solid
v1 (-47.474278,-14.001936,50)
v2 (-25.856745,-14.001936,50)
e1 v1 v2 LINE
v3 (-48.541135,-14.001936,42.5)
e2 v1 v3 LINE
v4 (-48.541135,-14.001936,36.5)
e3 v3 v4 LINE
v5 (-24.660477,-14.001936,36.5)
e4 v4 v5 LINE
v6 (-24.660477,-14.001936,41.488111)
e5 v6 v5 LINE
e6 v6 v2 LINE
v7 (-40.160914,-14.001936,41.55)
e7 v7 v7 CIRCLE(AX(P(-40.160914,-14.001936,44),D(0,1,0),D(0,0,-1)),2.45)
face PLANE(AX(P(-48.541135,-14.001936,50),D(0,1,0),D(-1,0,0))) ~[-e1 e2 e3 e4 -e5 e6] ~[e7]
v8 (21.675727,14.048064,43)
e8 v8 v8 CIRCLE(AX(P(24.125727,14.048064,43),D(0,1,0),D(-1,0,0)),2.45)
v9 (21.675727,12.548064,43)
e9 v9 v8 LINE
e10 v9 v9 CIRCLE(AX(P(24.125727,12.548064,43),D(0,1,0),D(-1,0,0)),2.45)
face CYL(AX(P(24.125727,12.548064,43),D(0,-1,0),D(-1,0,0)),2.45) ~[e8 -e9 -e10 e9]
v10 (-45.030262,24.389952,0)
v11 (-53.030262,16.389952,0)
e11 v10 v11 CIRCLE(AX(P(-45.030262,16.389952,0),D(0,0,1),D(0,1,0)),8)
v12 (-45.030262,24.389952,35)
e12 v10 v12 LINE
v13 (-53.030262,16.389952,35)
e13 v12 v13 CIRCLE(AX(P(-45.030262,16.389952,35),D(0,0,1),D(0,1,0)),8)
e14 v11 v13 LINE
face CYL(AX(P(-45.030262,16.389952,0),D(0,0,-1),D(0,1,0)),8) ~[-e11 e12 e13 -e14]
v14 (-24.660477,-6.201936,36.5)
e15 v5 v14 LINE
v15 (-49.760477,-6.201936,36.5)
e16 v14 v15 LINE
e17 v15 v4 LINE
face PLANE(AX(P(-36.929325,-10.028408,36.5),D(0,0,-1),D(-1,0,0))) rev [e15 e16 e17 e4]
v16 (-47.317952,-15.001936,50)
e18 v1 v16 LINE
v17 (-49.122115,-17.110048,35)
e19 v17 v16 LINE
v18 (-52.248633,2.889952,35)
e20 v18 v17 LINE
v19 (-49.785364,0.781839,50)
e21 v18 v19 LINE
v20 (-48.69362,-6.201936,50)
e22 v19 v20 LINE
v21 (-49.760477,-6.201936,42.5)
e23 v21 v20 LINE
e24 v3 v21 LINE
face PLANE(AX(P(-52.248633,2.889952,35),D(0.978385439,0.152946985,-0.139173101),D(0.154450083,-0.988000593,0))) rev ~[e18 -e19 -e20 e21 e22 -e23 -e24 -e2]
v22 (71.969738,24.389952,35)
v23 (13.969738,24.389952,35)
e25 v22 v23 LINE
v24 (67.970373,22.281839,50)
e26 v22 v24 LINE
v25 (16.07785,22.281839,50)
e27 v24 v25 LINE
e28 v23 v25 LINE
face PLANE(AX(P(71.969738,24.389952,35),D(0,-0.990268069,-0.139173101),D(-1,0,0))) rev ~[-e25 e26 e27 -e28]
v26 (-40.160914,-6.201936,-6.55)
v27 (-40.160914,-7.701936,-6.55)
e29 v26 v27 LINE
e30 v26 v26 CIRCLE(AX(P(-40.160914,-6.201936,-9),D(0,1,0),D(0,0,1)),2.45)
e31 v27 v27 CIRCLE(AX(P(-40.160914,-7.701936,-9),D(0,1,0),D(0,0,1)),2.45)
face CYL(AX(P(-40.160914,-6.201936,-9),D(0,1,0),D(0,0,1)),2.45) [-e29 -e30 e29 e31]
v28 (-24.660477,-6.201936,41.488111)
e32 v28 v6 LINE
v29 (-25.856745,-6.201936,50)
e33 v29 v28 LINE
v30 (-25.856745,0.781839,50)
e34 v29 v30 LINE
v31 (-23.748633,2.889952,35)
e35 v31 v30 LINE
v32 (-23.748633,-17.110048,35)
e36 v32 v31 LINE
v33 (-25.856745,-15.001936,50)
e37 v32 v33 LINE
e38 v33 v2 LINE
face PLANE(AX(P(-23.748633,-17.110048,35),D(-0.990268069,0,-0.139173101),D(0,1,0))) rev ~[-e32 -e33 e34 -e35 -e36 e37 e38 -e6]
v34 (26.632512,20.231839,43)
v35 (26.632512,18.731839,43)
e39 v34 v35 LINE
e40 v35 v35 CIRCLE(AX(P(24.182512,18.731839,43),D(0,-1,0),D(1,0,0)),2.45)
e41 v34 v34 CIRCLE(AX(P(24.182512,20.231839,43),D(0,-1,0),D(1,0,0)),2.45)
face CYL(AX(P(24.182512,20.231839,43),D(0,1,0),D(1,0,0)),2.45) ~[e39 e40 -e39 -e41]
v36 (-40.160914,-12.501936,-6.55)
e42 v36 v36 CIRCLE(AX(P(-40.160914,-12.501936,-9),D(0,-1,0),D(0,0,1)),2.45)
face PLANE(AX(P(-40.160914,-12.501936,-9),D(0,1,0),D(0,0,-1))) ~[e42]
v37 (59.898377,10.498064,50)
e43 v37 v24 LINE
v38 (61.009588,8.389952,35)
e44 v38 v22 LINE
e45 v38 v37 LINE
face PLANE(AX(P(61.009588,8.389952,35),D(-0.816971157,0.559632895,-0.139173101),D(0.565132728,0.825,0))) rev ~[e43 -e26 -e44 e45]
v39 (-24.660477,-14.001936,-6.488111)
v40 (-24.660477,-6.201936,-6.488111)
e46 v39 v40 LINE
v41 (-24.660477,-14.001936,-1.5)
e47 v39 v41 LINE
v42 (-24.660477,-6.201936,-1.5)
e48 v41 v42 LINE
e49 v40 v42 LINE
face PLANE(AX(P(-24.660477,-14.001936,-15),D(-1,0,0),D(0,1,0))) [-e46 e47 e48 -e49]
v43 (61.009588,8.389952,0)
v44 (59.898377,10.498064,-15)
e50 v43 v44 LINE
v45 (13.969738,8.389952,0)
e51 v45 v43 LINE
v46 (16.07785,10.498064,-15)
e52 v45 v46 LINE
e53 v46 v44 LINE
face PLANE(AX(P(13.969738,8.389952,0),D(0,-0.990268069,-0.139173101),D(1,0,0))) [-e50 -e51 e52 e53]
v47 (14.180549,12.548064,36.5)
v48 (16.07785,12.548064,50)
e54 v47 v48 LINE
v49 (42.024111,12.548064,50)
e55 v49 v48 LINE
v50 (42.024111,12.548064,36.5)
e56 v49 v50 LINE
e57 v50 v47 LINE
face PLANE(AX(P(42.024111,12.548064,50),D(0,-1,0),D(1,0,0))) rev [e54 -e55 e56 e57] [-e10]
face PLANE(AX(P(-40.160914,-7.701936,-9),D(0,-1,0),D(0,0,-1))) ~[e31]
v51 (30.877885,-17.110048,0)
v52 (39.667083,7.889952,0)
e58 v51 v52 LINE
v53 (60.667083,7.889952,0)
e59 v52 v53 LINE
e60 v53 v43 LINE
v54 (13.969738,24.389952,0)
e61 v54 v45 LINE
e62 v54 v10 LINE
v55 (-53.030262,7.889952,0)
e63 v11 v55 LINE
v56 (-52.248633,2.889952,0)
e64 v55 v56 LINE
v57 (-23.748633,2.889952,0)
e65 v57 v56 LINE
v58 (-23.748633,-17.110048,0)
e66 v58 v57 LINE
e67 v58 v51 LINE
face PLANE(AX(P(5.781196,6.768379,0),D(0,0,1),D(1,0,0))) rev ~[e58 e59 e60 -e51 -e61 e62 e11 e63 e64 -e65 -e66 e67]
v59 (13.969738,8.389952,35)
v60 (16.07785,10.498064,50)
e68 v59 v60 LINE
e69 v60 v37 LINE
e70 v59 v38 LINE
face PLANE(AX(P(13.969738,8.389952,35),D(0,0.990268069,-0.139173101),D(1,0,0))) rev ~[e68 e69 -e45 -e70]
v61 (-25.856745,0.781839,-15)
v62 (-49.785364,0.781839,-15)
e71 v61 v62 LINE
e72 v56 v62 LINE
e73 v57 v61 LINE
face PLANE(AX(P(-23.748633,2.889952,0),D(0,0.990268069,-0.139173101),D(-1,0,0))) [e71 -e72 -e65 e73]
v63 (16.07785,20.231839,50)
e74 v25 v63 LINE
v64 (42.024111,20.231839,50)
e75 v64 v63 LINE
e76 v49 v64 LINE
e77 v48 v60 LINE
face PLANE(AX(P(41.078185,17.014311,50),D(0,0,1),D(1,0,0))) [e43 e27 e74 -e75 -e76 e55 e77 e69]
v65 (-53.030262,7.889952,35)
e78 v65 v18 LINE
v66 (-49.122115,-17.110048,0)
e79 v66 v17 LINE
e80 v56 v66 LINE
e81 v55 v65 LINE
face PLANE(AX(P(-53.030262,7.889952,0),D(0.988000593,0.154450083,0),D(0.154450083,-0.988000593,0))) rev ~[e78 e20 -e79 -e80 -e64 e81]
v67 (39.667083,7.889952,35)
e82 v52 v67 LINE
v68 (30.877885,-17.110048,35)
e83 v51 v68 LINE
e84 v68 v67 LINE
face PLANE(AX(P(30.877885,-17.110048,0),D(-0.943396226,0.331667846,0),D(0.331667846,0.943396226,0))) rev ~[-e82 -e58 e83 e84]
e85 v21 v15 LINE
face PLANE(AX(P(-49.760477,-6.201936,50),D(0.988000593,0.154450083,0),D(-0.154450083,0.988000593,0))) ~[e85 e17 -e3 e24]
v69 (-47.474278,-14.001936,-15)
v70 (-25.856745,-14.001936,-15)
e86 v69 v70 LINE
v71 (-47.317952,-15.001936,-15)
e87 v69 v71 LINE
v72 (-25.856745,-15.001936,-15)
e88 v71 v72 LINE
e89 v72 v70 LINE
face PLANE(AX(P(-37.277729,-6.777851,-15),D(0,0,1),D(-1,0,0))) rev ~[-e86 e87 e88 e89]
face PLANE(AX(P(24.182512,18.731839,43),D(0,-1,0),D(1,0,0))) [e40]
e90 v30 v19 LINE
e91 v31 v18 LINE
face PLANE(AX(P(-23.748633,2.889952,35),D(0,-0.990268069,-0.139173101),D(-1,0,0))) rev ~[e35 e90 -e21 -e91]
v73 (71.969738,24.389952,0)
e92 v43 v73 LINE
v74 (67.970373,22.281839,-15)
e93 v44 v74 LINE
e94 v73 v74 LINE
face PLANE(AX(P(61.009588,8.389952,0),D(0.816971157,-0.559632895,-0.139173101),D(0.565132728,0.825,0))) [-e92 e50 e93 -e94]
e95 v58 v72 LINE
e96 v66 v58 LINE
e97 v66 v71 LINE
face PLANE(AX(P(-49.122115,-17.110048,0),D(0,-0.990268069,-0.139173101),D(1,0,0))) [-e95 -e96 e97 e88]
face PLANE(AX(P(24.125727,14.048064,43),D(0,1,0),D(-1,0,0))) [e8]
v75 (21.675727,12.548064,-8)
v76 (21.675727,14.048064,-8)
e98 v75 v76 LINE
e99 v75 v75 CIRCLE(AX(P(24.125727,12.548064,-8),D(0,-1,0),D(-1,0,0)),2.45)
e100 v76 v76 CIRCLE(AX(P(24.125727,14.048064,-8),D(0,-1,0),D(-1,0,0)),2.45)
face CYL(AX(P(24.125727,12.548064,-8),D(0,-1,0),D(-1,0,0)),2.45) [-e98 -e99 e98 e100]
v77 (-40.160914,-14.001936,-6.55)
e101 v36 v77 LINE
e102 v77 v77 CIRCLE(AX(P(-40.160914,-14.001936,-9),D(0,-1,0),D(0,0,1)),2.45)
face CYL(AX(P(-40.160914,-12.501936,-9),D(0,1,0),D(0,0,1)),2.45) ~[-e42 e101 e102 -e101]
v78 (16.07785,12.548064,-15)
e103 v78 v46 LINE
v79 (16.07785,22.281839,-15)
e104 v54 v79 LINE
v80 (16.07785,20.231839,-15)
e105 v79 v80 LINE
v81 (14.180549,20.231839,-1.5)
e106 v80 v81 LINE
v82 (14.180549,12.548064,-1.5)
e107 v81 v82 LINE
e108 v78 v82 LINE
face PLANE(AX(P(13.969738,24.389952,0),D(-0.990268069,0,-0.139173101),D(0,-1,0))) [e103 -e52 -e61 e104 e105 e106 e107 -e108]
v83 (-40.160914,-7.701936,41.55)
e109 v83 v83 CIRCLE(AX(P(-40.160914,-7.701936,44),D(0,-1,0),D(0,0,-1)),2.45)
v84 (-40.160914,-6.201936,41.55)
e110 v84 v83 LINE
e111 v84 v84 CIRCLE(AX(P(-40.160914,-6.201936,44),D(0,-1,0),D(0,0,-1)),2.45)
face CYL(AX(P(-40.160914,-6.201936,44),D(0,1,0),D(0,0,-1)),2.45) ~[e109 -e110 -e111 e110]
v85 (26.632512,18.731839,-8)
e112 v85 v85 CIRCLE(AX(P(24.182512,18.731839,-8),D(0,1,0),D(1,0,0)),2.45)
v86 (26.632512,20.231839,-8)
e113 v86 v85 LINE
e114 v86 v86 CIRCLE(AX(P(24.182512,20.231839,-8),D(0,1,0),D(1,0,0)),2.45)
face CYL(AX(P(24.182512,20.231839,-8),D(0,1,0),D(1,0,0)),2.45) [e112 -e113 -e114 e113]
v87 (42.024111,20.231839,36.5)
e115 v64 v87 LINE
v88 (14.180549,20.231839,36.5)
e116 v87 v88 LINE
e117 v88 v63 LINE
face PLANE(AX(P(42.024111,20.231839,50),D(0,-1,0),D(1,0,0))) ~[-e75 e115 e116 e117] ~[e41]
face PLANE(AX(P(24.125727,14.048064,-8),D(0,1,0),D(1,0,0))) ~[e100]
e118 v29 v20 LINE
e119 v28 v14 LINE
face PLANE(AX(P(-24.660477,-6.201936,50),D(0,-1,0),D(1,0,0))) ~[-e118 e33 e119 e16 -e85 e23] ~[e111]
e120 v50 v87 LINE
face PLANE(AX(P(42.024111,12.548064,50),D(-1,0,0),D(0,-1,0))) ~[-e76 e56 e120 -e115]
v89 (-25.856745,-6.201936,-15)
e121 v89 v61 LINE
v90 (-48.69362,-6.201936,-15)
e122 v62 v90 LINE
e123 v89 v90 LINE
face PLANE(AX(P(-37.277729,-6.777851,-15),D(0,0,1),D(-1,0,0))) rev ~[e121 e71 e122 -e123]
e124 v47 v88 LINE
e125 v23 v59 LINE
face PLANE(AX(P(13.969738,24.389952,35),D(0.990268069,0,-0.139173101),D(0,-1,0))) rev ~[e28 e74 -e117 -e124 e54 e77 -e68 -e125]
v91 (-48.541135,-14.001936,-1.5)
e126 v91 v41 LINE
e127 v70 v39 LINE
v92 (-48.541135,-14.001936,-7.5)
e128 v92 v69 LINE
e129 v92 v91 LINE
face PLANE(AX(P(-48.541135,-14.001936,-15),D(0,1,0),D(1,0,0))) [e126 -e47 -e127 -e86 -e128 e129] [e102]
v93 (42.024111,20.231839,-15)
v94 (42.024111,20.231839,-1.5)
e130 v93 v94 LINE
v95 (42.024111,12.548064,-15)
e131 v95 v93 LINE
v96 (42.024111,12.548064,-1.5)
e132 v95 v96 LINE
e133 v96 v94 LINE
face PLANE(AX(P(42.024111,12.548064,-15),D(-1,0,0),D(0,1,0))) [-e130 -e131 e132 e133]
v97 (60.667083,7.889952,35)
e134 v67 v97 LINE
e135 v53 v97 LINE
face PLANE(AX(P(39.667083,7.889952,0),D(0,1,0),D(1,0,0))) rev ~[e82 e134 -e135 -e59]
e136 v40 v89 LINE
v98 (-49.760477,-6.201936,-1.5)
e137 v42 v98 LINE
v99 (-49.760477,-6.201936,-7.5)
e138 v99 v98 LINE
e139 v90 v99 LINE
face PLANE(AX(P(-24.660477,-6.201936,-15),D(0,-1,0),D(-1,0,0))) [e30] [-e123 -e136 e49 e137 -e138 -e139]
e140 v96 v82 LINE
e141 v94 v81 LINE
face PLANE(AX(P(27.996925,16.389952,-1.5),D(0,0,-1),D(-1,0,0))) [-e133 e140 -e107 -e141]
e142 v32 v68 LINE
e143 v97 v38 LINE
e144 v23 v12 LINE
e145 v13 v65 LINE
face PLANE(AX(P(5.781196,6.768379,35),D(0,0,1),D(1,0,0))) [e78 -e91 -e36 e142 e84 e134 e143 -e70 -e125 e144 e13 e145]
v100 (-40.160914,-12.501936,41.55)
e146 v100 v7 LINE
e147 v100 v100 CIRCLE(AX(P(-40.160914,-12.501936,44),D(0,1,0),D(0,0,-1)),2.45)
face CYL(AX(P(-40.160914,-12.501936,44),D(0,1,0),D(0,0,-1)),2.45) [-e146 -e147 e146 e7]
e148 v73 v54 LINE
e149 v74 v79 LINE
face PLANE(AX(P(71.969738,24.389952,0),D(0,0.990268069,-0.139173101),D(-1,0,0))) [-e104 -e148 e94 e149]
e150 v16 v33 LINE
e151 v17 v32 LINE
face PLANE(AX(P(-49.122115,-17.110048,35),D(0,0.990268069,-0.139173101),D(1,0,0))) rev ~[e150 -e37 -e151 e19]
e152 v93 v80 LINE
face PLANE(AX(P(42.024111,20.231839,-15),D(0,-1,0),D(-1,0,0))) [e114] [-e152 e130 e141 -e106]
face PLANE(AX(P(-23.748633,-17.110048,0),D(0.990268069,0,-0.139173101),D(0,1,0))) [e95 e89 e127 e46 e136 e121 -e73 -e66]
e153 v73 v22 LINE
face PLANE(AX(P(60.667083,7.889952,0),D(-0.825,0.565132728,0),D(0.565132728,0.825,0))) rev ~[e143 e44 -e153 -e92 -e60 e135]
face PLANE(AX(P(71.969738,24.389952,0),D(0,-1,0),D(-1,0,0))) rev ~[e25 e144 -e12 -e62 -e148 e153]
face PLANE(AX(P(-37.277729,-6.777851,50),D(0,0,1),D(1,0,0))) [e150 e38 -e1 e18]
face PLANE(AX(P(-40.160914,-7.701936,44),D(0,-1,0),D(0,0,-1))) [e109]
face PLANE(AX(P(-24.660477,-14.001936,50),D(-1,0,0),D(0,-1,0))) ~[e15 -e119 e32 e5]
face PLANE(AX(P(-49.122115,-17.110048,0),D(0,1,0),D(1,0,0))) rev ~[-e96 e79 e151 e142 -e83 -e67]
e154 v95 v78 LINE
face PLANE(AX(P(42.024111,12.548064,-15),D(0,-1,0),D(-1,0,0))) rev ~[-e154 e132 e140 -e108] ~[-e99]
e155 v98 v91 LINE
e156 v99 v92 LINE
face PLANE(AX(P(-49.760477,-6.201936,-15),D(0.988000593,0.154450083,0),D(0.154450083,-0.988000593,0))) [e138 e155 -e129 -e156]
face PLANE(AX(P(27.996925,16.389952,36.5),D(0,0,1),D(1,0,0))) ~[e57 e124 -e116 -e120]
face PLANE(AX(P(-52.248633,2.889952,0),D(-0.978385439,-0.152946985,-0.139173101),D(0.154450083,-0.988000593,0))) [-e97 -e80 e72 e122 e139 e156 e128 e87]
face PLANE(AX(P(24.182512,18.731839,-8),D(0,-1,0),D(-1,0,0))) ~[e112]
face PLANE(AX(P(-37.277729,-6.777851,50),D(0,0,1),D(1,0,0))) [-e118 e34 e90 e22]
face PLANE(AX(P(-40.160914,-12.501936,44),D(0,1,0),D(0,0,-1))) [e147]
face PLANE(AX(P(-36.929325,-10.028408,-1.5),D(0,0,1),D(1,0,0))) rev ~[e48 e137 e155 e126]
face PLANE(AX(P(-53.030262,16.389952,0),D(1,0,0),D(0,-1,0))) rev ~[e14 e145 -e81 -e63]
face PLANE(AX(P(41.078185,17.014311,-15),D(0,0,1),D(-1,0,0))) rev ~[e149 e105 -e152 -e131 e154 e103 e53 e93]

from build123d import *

# Parameters (mm, degrees)
SALIENTE_EXTRUIR1_DEPTH           = 35
SALIENTE_EXTRUIR2_DEPTH           = 15
SALIENTE_EXTRUIR2_DRAFT           = 8
SALIENTE_EXTRUIR2_PROFILE_2_DEPTH = 15
SALIENTE_EXTRUIR2_PROFILE_2_DRAFT = 8
SIMETR_A1_COPY_1_DEPTH            = 15
SIMETR_A1_COPY_1_DRAFT            = 8
SIMETR_A1_COPY_2_DEPTH            = 15
SIMETR_A1_COPY_2_DRAFT            = 8
SIMETR_A1_COPY_3_DEPTH            = 15
SIMETR_A1_COPY_3_DRAFT            = 8
CROQUIS6_W                        = 28.054373897
CROQUIS6_H                        = 7.683774959
CORTAR_EXTRUIR2_DEPTH             = 13.5
CROQUIS8_R                        = 2.45
SALIENTE_EXTRUIR3_DEPTH           = 1.5
CROQUIS9_R                        = 2.45
SALIENTE_EXTRUIR4_DEPTH           = 1.5
CROQUIS10_R                       = 2.45
SALIENTE_EXTRUIR5_DEPTH           = 1.5
SALIENTE_EXTRUIR6_START           = 1.5
CROQUIS13_R                       = 2.45
SALIENTE_EXTRUIR6_DEPTH           = 1.5


with BuildPart() as part:
    # Croquis2 → Saliente-Extruir1 (new body)
    with BuildSketch(Plane.XY):
        with BuildLine():
            Line((30.877885102, -17.110048254), (39.667083018, 7.889951746))
            Line((39.667083018, 7.889951746), (60.667083018, 7.889951746))
            Line((60.667083018, 7.889951746), (71.969737573, 24.389951746))
            Line((71.969737573, 24.389951746), (-45.030262427, 24.389951746))
            ThreePointArc((-45.030262427, 24.389951746), (-50.687116676, 22.046805996), (-53.030262427, 16.389951746))
            Line((-53.030262427, 16.389951746), (-53.030262427, 7.889951746))
            Line((-53.030262427, 7.889951746), (-49.122114898, -17.110048254))
            Line((-49.122114898, -17.110048254), (30.877885102, -17.110048254))
        make_face()
    extrude(amount=SALIENTE_EXTRUIR1_DEPTH)


with BuildPart() as saliente_extruir2_tool:
    # Croquis5 → Saliente-Extruir2 (with draft: the straight prism first)
    with BuildSketch(Plane.XY.offset(35)):
        Polygon((-49.122114898, -17.110048254), (-23.748632921, -17.110048254), (-23.748632921, 2.889951746), (-52.248632921, 2.889951746), align=None)
    extrude(amount=SALIENTE_EXTRUIR2_DEPTH)
    # Saliente-Extruir2: the draft: its side faces are tilted about the plane it starts from
    saliente_extruir2_sides = [saliente_extruir2_tool.faces().sort_by_distance(p)[0] for p in [
        (-36.435373909, -17.110048254, 42.5),
        (-23.748632921, -7.110048254, 42.5),
        (-37.998632921, 2.889951746, 42.5),
        (-50.685373909, -7.110048254, 42.5),
    ]]
    draft(saliente_extruir2_sides, Plane.XY.offset(35), SALIENTE_EXTRUIR2_DRAFT)


with BuildPart() as part_1:
    add(part.part)

    # Saliente-Extruir2: add saliente_extruir2_tool
    add(saliente_extruir2_tool.part)


with BuildPart() as saliente_extruir2_profile_2_tool:
    # Croquis5 → Saliente-Extruir2 profile 2 (with draft: the straight prism first)
    with BuildSketch(Plane.XY.offset(35)):
        Polygon((71.969737573, 24.389951746), (13.969737573, 24.389951746), (13.969737573, 8.389951746), (61.009587702, 8.389951746), align=None)
    extrude(amount=SALIENTE_EXTRUIR2_PROFILE_2_DEPTH)
    # Saliente-Extruir2 profile 2: the draft: its side faces are tilted about the plane it starts from
    saliente_extruir2_profile_2_sides = [saliente_extruir2_profile_2_tool.faces().sort_by_distance(p)[0] for p in [
        (42.969737573, 24.389951746, 42.5),
        (13.969737573, 16.389951746, 42.5),
        (37.489662638, 8.389951746, 42.5),
        (66.489662638, 16.389951746, 42.5),
    ]]
    draft(saliente_extruir2_profile_2_sides, Plane.XY.offset(35), SALIENTE_EXTRUIR2_PROFILE_2_DRAFT)


with BuildPart() as part_2:
    add(part_1.part)

    # Saliente-Extruir2 profile 2: add saliente_extruir2_profile_2_tool
    add(saliente_extruir2_profile_2_tool.part)


with BuildPart() as simetr_a1_copy_1_tool:
    # Simetría1 copy 1 sketch → Simetría1 copy 1 (with draft: the straight prism first)
    with BuildSketch(Plane(origin=(0, 0, 0), x_dir=(1, 0, 0), z_dir=(0, 0, -1))):
        Polygon((-49.122114898, 17.110048254), (-23.748632921, 17.110048254), (-23.748632921, -2.889951746), (-52.248632921, -2.889951746), align=None)
    extrude(amount=SIMETR_A1_COPY_1_DEPTH)
    # Simetría1 copy 1: the draft: its side faces are tilted about the plane it starts from
    simetr_a1_copy_1_sides = [simetr_a1_copy_1_tool.faces().sort_by_distance(p)[0] for p in [
        (-36.435373909, -17.110048254, -7.5),
        (-23.748632921, -7.110048254, -7.5),
        (-37.998632921, 2.889951746, -7.5),
        (-50.685373909, -7.110048254, -7.5),
    ]]
    draft(simetr_a1_copy_1_sides, Plane(origin=(0, 0, 0), x_dir=(1, 0, 0), z_dir=(0, 0, -1)), SIMETR_A1_COPY_1_DRAFT)


with BuildPart() as part_3:
    add(part_2.part)

    # Simetría1 copy 1: add simetr_a1_copy_1_tool
    add(simetr_a1_copy_1_tool.part)


with BuildPart() as simetr_a1_copy_2_tool:
    # Simetría1 copy 2 sketch → Simetría1 copy 2 (with draft: the straight prism first)
    with BuildSketch(Plane(origin=(0, 0, 0), x_dir=(1, 0, 0), z_dir=(0, 0, -1))):
        Polygon((71.969737573, -24.389951746), (13.969737573, -24.389951746), (13.969737573, -8.389951746), (61.009587702, -8.389951746), align=None)
    extrude(amount=SIMETR_A1_COPY_2_DEPTH)
    # Simetría1 copy 2: the draft: its side faces are tilted about the plane it starts from
    simetr_a1_copy_2_sides = [simetr_a1_copy_2_tool.faces().sort_by_distance(p)[0] for p in [
        (42.969737573, 24.389951746, -7.5),
        (13.969737573, 16.389951746, -7.5),
        (37.489662638, 8.389951746, -7.5),
        (66.489662638, 16.389951746, -7.5),
    ]]
    draft(simetr_a1_copy_2_sides, Plane(origin=(0, 0, 0), x_dir=(1, 0, 0), z_dir=(0, 0, -1)), SIMETR_A1_COPY_2_DRAFT)


with BuildPart() as part_4:
    add(part_3.part)

    # Simetría1 copy 2: add simetr_a1_copy_2_tool
    add(simetr_a1_copy_2_tool.part)


with BuildPart() as simetr_a1_copy_3_tool:
    # Simetría1 copy 3 sketch → Simetría1 copy 3 (with draft: the straight prism first)
    with BuildSketch(Plane(origin=(0, 0, 0), x_dir=(1, 0, 0), z_dir=(0, 0, -1))):
        Polygon((71.969737573, -24.389951746), (13.969737573, -24.389951746), (13.969737573, -8.389951746), (61.009587702, -8.389951746), align=None)
    extrude(amount=SIMETR_A1_COPY_3_DEPTH)
    # Simetría1 copy 3: the draft: its side faces are tilted about the plane it starts from
    simetr_a1_copy_3_sides = [simetr_a1_copy_3_tool.faces().sort_by_distance(p)[0] for p in [
        (42.969737573, 24.389951746, -7.5),
        (13.969737573, 16.389951746, -7.5),
        (37.489662638, 8.389951746, -7.5),
        (66.489662638, 16.389951746, -7.5),
    ]]
    draft(simetr_a1_copy_3_sides, Plane(origin=(0, 0, 0), x_dir=(1, 0, 0), z_dir=(0, 0, -1)), SIMETR_A1_COPY_3_DRAFT)


with BuildPart() as part_5:
    add(part_4.part)

    # Simetría1 copy 3: add simetr_a1_copy_3_tool
    add(simetr_a1_copy_3_tool.part)

    # Croquis6 → Cortar-Extruir2 (cut)
    with BuildSketch(Plane(origin=(0, 0, -15), x_dir=(-1, 0, 0), z_dir=(0, 0, -1))):
        with Locations((-27.996924522, 16.389951747)):
            Rectangle(CROQUIS6_W, CROQUIS6_H)
        Polygon((24.660477495, -6.201935733), (49.760477495, -6.201935733), (48.541135466, -14.001935733), (24.660477495, -14.001935733), align=None)
    cortar_extruir2 = extrude(amount=-CORTAR_EXTRUIR2_DEPTH, mode=Mode.SUBTRACT)

    # Simetría2: Cortar-Extruir2 across plane
    add(cortar_extruir2.mirror(Plane(origin=(0, 0, 17.5), x_dir=(1, 0, 0), z_dir=(0, 0, -1))), mode=Mode.SUBTRACT)

    # Croquis8 → Saliente-Extruir3 (add)
    with BuildSketch(Plane.XZ.offset(-20.231839226)):
        with Locations((24.182512404, 43)):
            Circle(CROQUIS8_R)
    saliente_extruir3 = extrude(amount=SALIENTE_EXTRUIR3_DEPTH)

    # Simetría3: Saliente-Extruir3 across plane
    add(saliente_extruir3.mirror(Plane(origin=(0, 0, 17.5), x_dir=(1, 0, 0), z_dir=(0, 0, -1))))

    # Croquis9 → Saliente-Extruir4 (add)
    with BuildSketch(Plane(origin=(0, 12.548064267, 0), x_dir=(1, 0, 0), z_dir=(0, 1, 0))):
        with Locations(Location((24.125726568, -43, 0), (0, 0, 180))):
            Circle(CROQUIS9_R)
    saliente_extruir4 = extrude(amount=SALIENTE_EXTRUIR4_DEPTH)

    # Simetría4: Saliente-Extruir4 across plane
    add(saliente_extruir4.mirror(Plane(origin=(0, 0, 17.5), x_dir=(1, 0, 0), z_dir=(0, 0, -1))))

    # Croquis10 → Saliente-Extruir5 (add)
    with BuildSketch(Plane.XZ.offset(6.201935733)):
        with Locations(Location((-40.160914021, 44, 0), (0, 0, 270))):
            Circle(CROQUIS10_R)
    saliente_extruir5 = extrude(amount=SALIENTE_EXTRUIR5_DEPTH)

    # Simetría5: Saliente-Extruir5 across plane
    add(saliente_extruir5.mirror(Plane(origin=(0, 0, 17.5), x_dir=(1, 0, 0), z_dir=(0, 0, -1))))

    # Croquis13 → Saliente-Extruir6 (add)
    with BuildSketch(Plane(origin=(0, -14.001935733, 0), x_dir=(1, 0, 0), z_dir=(0, 1, 0)).offset(SALIENTE_EXTRUIR6_START)):
        with Locations(Location((-40.160914021, -44, 0), (0, 0, 90))):
            Circle(CROQUIS13_R)
    saliente_extruir6 = extrude(amount=-SALIENTE_EXTRUIR6_DEPTH)

    # Simetría6: Saliente-Extruir6 across plane
    add(saliente_extruir6.mirror(Plane(origin=(0, 0, 17.5), x_dir=(1, 0, 0), z_dir=(0, 0, -1))))


solid = part_5.part
